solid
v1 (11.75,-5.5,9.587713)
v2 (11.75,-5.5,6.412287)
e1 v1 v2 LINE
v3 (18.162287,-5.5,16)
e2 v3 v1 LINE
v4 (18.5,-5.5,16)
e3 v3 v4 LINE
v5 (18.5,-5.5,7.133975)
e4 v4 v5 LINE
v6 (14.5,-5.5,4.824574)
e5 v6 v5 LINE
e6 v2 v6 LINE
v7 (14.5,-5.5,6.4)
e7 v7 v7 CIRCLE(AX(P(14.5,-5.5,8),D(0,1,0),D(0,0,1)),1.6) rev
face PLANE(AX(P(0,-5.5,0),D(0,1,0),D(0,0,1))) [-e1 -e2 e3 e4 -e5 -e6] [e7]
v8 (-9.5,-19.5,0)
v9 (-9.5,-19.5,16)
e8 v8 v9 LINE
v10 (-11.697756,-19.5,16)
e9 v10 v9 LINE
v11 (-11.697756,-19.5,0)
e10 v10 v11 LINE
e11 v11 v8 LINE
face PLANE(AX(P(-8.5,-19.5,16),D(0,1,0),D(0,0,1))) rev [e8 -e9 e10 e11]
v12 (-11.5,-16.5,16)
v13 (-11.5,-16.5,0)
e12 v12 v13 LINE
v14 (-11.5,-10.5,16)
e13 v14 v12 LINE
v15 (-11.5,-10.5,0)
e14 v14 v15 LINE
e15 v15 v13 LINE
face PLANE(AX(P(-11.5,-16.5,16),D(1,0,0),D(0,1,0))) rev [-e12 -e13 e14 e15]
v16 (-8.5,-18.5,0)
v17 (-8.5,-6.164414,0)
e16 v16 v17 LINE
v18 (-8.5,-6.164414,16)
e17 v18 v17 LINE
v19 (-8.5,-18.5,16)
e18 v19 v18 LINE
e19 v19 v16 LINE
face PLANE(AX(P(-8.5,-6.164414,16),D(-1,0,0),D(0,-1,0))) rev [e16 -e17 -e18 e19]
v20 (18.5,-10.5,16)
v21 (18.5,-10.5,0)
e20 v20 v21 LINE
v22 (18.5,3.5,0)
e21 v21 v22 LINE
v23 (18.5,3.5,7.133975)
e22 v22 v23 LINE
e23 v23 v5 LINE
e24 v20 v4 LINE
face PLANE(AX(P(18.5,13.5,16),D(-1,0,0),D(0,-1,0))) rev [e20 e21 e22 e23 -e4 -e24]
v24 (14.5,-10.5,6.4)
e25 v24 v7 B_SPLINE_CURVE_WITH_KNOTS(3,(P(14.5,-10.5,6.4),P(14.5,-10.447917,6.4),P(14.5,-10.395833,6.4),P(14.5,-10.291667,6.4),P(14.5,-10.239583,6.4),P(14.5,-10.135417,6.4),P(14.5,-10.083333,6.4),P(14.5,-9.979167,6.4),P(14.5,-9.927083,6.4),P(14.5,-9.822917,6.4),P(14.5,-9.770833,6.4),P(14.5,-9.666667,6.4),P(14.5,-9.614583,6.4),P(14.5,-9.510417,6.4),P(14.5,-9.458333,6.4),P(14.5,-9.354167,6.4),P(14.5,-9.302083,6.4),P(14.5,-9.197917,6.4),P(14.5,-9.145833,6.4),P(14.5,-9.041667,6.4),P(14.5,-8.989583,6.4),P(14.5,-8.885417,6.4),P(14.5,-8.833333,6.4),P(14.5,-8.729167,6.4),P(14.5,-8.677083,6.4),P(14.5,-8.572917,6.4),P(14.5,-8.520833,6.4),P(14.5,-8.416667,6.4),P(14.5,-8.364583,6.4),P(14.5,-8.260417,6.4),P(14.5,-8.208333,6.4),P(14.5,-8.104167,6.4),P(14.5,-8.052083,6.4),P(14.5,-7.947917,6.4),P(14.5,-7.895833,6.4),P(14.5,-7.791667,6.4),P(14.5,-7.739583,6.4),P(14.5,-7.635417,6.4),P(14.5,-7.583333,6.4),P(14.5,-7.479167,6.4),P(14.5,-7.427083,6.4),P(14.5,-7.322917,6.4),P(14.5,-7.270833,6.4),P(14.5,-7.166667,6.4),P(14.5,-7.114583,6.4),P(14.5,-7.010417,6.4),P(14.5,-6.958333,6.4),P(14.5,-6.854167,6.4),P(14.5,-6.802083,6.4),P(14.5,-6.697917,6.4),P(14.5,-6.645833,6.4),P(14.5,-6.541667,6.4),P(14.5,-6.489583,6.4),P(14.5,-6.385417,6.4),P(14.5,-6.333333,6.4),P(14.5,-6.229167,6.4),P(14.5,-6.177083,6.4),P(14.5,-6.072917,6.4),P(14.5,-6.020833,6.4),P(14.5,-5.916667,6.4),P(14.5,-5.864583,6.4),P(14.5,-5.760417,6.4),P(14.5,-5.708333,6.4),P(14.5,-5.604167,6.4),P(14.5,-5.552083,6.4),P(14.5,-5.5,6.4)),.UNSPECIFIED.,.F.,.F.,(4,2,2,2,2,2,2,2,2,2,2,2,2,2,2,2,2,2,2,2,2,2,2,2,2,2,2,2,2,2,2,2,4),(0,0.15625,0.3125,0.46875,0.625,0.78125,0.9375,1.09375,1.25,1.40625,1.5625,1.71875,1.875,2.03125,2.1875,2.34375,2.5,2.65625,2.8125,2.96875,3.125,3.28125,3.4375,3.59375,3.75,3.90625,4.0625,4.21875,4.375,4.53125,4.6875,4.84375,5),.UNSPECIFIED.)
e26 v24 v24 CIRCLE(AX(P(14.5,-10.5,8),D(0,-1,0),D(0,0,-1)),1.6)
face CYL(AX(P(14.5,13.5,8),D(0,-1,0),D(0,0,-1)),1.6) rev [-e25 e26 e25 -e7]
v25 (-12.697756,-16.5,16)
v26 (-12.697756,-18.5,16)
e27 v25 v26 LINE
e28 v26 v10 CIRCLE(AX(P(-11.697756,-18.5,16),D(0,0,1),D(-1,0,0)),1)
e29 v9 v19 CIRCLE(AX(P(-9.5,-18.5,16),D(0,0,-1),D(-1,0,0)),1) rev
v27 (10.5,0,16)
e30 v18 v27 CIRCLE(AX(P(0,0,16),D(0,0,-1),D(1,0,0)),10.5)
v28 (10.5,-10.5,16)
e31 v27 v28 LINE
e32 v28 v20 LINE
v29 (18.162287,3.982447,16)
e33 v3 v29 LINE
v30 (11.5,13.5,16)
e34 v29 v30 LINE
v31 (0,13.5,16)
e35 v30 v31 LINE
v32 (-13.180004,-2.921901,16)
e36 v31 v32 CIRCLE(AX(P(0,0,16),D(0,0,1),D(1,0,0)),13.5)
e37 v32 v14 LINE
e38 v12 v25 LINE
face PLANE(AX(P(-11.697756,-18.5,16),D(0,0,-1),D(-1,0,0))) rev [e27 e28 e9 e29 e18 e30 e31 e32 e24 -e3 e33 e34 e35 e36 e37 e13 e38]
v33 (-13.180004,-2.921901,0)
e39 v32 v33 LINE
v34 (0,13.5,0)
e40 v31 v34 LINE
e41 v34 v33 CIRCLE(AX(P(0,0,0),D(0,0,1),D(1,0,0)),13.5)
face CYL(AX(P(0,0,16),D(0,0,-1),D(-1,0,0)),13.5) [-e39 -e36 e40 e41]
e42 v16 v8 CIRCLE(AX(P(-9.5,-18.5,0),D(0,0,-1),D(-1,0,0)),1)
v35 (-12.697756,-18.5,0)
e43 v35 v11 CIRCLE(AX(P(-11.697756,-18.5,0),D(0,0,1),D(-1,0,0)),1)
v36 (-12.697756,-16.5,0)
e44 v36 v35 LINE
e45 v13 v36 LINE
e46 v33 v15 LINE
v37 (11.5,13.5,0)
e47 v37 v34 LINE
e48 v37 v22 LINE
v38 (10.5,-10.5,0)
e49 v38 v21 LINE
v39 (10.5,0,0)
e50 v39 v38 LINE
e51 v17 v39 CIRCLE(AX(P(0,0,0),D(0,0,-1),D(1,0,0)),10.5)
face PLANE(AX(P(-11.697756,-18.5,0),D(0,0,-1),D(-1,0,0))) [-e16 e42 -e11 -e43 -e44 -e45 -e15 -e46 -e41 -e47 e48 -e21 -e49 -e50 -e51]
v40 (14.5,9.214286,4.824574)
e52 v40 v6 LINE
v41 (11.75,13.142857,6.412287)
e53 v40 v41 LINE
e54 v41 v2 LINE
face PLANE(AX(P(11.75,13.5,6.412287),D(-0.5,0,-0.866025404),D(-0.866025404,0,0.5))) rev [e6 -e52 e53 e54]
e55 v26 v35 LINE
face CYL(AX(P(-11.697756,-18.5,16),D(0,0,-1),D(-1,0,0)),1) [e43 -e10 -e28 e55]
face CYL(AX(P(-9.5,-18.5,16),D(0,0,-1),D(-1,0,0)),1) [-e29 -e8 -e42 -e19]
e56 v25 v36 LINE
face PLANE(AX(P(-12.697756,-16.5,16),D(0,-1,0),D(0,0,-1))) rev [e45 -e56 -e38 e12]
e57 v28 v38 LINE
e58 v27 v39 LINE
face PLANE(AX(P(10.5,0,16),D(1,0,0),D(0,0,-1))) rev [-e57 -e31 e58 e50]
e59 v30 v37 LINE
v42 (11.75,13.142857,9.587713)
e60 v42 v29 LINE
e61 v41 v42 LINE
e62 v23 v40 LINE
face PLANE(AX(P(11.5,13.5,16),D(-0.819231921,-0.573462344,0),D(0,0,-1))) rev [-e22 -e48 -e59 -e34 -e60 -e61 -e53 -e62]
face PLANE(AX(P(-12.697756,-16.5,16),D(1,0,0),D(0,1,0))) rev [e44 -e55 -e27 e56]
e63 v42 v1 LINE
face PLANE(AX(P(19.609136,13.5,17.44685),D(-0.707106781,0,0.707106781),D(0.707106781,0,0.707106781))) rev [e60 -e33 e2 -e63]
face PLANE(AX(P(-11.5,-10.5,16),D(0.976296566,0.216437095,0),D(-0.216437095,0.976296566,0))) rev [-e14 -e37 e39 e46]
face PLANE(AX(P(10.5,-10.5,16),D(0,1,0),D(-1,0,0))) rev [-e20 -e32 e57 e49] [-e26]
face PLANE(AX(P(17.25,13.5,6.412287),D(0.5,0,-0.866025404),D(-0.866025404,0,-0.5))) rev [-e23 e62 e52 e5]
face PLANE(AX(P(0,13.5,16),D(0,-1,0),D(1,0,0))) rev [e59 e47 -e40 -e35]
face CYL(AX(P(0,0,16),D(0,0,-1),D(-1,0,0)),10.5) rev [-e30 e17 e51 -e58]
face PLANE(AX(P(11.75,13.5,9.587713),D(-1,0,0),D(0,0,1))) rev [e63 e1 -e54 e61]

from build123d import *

# Parameters (mm, degrees)
BOSS_EXTRUDE1_DEPTH = 16
CHAMFER1_SIZE       = 10
CHAMFER1_SIZE2      = 7
SKETCH2_R           = 1.6
CUT_EXTRUDE1_DEPTH  = 35.267331381
CUT_EXTRUDE2_START  = -5
CUT_EXTRUDE2_DEPTH  = 30.267331381
FILLET1_R           = 1


with BuildPart() as part:
    # Sketch1 → Boss-Extrude1 (new body)
    with BuildSketch(Plane.XY):
        with BuildLine():
            Line((10.5, 0), (10.5, -10.5))
            Line((10.5, -10.5), (18.5, -10.5))
            Line((18.5, -10.5), (18.5, 13.5))
            Line((18.5, 13.5), (0, 13.5))
            ThreePointArc((0, 13.5), (-10.52842962, 8.449980458), (-13.180003635, -2.92190078))
            Line((-13.180003635, -2.92190078), (-11.5, -10.5))
            Line((-11.5, -10.5), (-11.5, -16.5))
            Line((-11.5, -16.5), (-12.697755895, -16.5))
            Line((-12.697755895, -16.5), (-12.697755895, -18.5))
            ThreePointArc((-12.697755895, -18.5), (-12.404862676, -19.207106781), (-11.697755895, -19.5))
            Line((-11.697755895, -19.5), (-8.5, -19.5))
            Line((-8.5, -19.5), (-8.5, -6.164414003))
            ThreePointArc((-8.5, -6.164414003), (-3.240370349, 9.987492178), (10.5, 0))
        make_face()
    extrude(amount=BOSS_EXTRUDE1_DEPTH)

    # Chamfer1
    chamfer1_edges = [part.edges().sort_by_distance(p)[0] for p in [
        (18.5, 13.5, 8),
    ]]
    chamfer1_side = [part.faces().sort_by_distance(p)[0] for p in [
        (18.5, 1.5, 8),
    ]]
    chamfer(chamfer1_edges, length=CHAMFER1_SIZE, length2=CHAMFER1_SIZE2, reference=chamfer1_side[0])

    # Sketch2 → Cut-Extrude1 (cut, through all)
    with BuildSketch(Plane.XZ.offset(10.5)):
        with Locations(Location((14.5, 8, 0), (0, 0, 270))):
            Circle(SKETCH2_R)
    extrude(amount=-CUT_EXTRUDE1_DEPTH, mode=Mode.SUBTRACT)

    # Sketch3 → Cut-Extrude2 (cut, through all)
    with BuildSketch(Plane.XZ.offset(10.5).offset(CUT_EXTRUDE2_START)):
        Polygon((17.25, 6.41228676), (19.609136336, 7.774334758), (19.609136336, 17.446849576), (11.75, 9.58771324), (11.75, 6.41228676), (14.5, 4.824573519), align=None)
    extrude(amount=-CUT_EXTRUDE2_DEPTH, mode=Mode.SUBTRACT)

    # Fillet1
    fillet1_edges = [part.edges().sort_by_distance(p)[0] for p in [
        (-8.5, -19.5, 8),
    ]]
    fillet(fillet1_edges, radius=FILLET1_R)


solid = part.part
